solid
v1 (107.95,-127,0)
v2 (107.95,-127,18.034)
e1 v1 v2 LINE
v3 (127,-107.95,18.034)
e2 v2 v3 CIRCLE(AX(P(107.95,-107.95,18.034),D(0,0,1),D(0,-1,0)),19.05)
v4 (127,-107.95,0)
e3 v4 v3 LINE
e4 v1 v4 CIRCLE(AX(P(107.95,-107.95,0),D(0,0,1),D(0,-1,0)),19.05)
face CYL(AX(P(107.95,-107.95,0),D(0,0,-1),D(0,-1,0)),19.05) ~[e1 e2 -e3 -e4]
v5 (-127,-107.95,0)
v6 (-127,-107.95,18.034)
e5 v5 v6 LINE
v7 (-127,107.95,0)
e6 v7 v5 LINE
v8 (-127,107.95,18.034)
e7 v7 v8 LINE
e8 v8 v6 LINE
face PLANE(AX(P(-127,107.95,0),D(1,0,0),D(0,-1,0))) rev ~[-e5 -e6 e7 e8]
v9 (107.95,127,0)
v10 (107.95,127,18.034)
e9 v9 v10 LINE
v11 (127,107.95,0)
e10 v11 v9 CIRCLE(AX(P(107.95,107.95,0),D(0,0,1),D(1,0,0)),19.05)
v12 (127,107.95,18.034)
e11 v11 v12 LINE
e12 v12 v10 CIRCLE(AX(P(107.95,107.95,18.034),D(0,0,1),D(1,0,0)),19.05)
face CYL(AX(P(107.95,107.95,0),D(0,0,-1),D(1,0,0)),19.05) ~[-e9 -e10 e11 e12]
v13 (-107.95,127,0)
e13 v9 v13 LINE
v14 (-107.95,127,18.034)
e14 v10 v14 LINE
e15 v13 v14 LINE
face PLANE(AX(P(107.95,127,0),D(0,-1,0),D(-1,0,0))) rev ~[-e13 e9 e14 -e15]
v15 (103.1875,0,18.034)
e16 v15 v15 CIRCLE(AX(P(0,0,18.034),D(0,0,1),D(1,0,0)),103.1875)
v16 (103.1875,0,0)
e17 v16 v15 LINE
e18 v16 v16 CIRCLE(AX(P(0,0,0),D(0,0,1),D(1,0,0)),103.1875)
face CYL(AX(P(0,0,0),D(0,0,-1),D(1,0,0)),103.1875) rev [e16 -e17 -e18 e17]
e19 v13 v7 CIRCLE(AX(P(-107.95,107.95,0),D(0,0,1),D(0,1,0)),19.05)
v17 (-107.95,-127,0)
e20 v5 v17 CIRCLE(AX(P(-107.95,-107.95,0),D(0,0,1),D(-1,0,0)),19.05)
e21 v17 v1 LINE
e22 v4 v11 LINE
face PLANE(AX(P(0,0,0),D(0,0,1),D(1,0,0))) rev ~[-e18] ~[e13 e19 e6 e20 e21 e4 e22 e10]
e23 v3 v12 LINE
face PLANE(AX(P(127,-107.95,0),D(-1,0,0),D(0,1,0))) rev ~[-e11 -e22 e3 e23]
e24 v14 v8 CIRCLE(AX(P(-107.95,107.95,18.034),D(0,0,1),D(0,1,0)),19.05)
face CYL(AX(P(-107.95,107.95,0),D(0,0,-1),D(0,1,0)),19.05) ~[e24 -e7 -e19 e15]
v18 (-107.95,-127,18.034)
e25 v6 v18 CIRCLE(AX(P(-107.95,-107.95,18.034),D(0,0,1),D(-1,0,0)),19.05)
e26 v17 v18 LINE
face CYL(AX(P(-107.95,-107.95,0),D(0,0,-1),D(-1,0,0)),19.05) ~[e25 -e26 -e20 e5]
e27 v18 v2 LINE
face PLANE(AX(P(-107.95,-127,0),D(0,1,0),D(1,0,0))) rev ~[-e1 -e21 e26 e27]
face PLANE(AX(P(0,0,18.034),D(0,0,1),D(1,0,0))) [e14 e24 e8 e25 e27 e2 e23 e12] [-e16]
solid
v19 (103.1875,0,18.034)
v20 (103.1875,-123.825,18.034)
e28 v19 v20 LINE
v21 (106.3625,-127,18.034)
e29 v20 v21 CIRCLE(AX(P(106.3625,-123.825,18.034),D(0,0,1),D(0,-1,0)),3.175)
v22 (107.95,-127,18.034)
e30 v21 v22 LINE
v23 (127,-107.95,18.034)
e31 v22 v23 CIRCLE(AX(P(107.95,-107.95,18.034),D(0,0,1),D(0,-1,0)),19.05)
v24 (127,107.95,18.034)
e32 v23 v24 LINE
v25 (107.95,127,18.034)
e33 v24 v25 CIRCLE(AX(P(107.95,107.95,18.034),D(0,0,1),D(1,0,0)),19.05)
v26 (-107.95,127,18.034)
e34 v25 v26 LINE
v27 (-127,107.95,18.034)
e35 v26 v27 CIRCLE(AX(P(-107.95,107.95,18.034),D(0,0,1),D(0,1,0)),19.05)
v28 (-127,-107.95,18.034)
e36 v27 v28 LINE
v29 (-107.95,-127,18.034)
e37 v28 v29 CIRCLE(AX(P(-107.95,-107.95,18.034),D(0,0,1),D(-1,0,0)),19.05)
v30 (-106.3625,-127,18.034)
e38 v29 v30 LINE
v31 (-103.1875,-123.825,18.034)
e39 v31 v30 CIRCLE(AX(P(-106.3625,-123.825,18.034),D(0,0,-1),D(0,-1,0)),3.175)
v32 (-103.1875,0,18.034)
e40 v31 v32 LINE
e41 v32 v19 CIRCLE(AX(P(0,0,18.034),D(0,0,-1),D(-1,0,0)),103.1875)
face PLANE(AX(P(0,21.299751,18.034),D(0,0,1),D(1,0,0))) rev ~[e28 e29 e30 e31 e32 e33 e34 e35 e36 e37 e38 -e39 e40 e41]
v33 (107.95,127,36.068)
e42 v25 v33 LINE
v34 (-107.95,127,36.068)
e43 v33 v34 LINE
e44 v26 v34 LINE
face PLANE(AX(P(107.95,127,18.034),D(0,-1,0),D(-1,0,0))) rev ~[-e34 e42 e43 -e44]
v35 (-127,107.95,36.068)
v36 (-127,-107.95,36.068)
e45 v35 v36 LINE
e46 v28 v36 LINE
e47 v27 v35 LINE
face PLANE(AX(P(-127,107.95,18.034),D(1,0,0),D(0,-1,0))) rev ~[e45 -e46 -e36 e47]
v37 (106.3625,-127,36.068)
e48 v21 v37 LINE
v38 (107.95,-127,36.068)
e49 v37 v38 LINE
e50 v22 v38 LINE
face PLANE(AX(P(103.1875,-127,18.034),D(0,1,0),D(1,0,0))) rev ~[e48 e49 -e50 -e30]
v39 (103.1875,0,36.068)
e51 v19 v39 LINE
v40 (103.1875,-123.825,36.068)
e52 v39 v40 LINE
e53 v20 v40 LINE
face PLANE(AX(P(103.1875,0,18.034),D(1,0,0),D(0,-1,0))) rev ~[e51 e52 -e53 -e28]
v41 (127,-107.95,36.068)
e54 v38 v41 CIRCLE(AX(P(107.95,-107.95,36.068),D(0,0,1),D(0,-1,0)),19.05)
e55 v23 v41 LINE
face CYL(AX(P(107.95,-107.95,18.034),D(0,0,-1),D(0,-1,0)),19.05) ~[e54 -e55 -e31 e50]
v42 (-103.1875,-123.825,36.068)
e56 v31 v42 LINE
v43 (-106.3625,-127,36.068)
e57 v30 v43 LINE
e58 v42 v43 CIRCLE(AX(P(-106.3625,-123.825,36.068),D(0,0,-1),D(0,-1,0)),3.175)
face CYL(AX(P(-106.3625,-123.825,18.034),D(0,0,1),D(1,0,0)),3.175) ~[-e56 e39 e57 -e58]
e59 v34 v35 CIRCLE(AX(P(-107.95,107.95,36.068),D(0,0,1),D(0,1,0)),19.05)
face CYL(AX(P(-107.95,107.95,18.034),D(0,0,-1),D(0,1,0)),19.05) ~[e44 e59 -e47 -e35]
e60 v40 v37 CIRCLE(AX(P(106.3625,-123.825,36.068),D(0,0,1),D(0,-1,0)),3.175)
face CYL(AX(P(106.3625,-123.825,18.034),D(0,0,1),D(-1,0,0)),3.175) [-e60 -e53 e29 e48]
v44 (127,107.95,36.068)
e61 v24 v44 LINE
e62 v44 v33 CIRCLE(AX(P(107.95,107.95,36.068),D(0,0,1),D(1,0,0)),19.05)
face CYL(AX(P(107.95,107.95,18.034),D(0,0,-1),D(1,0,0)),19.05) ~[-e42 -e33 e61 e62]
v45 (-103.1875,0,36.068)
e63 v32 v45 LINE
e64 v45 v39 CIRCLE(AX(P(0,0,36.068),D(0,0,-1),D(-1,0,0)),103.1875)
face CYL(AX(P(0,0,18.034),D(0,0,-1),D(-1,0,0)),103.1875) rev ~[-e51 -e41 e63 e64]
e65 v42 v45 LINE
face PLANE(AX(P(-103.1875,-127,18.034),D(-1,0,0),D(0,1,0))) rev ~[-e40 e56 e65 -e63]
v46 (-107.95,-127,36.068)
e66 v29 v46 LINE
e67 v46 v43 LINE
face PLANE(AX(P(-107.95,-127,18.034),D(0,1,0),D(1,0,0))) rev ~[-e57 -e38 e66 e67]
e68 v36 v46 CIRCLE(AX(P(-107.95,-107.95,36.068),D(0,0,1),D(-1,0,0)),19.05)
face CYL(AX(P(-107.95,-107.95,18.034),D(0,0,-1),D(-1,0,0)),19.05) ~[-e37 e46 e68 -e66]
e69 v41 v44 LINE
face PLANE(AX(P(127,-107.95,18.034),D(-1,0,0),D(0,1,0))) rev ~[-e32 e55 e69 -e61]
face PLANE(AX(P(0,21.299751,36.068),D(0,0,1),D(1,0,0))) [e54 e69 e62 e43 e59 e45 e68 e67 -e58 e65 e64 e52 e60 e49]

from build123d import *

# Parameters (mm, degrees)
F0_R     = 103.1875
F1_DEPTH = 18.034
F3_DEPTH = 18.034
F4_R     = 3.175


with BuildPart() as f1:
    # F0 (on Top) → F1 (new body)
    with BuildSketch(Plane.XY):
        with BuildLine():
            Line((-107.95, -127), (107.95, -127))
            ThreePointArc((107.95, -127), (121.4203841816, -121.4203841816), (127, -107.95))
            Line((127, -107.95), (127, 107.95))
            ThreePointArc((127, 107.95), (121.4203841816, 121.4203841816), (107.95, 127))
            Line((107.95, 127), (-107.95, 127))
            ThreePointArc((-107.95, 127), (-121.4203841816, 121.4203841816), (-127, 107.95))
            Line((-127, 107.95), (-127, -107.95))
            ThreePointArc((-127, -107.95), (-121.4203841816, -121.4203841816), (-107.95, -127))
        make_face()
        Circle(F0_R, mode=Mode.SUBTRACT)
    extrude(amount=F1_DEPTH)


with BuildPart() as f3:
    # F2 (on face) → F3 (new body)
    with BuildSketch(Plane.XY.offset(18.034)):
        with BuildLine():
            Line((-103.1875, -127), (-103.1875, 0))
            ThreePointArc((-103.1875, 0), (0, 103.1875), (103.1875, 0))
            Line((103.1875, 0), (103.1875, -127))
            Line((103.1875, -127), (107.95, -127))
            ThreePointArc((107.95, -127), (121.4203841816, -121.4203841816), (127, -107.95))
            Line((127, -107.95), (127, 107.95))
            ThreePointArc((127, 107.95), (121.4203841816, 121.4203841816), (107.95, 127))
            Line((107.95, 127), (-107.95, 127))
            ThreePointArc((-107.95, 127), (-121.4203841816, 121.4203841816), (-127, 107.95))
            Line((-127, 107.95), (-127, -107.95))
            ThreePointArc((-127, -107.95), (-121.4203841816, -121.4203841816), (-107.95, -127))
            Line((-107.95, -127), (-103.1875, -127))
        make_face()
    extrude(amount=F3_DEPTH)

    # F4
    f4_edges = [f3.edges().sort_by_distance(p)[0] for p in [
        (-103.1875, -127, 27.051),
        (103.1875, -127, 27.051),
    ]]
    fillet(f4_edges, radius=F4_R)


solid = Compound([f1.part, f3.part])
